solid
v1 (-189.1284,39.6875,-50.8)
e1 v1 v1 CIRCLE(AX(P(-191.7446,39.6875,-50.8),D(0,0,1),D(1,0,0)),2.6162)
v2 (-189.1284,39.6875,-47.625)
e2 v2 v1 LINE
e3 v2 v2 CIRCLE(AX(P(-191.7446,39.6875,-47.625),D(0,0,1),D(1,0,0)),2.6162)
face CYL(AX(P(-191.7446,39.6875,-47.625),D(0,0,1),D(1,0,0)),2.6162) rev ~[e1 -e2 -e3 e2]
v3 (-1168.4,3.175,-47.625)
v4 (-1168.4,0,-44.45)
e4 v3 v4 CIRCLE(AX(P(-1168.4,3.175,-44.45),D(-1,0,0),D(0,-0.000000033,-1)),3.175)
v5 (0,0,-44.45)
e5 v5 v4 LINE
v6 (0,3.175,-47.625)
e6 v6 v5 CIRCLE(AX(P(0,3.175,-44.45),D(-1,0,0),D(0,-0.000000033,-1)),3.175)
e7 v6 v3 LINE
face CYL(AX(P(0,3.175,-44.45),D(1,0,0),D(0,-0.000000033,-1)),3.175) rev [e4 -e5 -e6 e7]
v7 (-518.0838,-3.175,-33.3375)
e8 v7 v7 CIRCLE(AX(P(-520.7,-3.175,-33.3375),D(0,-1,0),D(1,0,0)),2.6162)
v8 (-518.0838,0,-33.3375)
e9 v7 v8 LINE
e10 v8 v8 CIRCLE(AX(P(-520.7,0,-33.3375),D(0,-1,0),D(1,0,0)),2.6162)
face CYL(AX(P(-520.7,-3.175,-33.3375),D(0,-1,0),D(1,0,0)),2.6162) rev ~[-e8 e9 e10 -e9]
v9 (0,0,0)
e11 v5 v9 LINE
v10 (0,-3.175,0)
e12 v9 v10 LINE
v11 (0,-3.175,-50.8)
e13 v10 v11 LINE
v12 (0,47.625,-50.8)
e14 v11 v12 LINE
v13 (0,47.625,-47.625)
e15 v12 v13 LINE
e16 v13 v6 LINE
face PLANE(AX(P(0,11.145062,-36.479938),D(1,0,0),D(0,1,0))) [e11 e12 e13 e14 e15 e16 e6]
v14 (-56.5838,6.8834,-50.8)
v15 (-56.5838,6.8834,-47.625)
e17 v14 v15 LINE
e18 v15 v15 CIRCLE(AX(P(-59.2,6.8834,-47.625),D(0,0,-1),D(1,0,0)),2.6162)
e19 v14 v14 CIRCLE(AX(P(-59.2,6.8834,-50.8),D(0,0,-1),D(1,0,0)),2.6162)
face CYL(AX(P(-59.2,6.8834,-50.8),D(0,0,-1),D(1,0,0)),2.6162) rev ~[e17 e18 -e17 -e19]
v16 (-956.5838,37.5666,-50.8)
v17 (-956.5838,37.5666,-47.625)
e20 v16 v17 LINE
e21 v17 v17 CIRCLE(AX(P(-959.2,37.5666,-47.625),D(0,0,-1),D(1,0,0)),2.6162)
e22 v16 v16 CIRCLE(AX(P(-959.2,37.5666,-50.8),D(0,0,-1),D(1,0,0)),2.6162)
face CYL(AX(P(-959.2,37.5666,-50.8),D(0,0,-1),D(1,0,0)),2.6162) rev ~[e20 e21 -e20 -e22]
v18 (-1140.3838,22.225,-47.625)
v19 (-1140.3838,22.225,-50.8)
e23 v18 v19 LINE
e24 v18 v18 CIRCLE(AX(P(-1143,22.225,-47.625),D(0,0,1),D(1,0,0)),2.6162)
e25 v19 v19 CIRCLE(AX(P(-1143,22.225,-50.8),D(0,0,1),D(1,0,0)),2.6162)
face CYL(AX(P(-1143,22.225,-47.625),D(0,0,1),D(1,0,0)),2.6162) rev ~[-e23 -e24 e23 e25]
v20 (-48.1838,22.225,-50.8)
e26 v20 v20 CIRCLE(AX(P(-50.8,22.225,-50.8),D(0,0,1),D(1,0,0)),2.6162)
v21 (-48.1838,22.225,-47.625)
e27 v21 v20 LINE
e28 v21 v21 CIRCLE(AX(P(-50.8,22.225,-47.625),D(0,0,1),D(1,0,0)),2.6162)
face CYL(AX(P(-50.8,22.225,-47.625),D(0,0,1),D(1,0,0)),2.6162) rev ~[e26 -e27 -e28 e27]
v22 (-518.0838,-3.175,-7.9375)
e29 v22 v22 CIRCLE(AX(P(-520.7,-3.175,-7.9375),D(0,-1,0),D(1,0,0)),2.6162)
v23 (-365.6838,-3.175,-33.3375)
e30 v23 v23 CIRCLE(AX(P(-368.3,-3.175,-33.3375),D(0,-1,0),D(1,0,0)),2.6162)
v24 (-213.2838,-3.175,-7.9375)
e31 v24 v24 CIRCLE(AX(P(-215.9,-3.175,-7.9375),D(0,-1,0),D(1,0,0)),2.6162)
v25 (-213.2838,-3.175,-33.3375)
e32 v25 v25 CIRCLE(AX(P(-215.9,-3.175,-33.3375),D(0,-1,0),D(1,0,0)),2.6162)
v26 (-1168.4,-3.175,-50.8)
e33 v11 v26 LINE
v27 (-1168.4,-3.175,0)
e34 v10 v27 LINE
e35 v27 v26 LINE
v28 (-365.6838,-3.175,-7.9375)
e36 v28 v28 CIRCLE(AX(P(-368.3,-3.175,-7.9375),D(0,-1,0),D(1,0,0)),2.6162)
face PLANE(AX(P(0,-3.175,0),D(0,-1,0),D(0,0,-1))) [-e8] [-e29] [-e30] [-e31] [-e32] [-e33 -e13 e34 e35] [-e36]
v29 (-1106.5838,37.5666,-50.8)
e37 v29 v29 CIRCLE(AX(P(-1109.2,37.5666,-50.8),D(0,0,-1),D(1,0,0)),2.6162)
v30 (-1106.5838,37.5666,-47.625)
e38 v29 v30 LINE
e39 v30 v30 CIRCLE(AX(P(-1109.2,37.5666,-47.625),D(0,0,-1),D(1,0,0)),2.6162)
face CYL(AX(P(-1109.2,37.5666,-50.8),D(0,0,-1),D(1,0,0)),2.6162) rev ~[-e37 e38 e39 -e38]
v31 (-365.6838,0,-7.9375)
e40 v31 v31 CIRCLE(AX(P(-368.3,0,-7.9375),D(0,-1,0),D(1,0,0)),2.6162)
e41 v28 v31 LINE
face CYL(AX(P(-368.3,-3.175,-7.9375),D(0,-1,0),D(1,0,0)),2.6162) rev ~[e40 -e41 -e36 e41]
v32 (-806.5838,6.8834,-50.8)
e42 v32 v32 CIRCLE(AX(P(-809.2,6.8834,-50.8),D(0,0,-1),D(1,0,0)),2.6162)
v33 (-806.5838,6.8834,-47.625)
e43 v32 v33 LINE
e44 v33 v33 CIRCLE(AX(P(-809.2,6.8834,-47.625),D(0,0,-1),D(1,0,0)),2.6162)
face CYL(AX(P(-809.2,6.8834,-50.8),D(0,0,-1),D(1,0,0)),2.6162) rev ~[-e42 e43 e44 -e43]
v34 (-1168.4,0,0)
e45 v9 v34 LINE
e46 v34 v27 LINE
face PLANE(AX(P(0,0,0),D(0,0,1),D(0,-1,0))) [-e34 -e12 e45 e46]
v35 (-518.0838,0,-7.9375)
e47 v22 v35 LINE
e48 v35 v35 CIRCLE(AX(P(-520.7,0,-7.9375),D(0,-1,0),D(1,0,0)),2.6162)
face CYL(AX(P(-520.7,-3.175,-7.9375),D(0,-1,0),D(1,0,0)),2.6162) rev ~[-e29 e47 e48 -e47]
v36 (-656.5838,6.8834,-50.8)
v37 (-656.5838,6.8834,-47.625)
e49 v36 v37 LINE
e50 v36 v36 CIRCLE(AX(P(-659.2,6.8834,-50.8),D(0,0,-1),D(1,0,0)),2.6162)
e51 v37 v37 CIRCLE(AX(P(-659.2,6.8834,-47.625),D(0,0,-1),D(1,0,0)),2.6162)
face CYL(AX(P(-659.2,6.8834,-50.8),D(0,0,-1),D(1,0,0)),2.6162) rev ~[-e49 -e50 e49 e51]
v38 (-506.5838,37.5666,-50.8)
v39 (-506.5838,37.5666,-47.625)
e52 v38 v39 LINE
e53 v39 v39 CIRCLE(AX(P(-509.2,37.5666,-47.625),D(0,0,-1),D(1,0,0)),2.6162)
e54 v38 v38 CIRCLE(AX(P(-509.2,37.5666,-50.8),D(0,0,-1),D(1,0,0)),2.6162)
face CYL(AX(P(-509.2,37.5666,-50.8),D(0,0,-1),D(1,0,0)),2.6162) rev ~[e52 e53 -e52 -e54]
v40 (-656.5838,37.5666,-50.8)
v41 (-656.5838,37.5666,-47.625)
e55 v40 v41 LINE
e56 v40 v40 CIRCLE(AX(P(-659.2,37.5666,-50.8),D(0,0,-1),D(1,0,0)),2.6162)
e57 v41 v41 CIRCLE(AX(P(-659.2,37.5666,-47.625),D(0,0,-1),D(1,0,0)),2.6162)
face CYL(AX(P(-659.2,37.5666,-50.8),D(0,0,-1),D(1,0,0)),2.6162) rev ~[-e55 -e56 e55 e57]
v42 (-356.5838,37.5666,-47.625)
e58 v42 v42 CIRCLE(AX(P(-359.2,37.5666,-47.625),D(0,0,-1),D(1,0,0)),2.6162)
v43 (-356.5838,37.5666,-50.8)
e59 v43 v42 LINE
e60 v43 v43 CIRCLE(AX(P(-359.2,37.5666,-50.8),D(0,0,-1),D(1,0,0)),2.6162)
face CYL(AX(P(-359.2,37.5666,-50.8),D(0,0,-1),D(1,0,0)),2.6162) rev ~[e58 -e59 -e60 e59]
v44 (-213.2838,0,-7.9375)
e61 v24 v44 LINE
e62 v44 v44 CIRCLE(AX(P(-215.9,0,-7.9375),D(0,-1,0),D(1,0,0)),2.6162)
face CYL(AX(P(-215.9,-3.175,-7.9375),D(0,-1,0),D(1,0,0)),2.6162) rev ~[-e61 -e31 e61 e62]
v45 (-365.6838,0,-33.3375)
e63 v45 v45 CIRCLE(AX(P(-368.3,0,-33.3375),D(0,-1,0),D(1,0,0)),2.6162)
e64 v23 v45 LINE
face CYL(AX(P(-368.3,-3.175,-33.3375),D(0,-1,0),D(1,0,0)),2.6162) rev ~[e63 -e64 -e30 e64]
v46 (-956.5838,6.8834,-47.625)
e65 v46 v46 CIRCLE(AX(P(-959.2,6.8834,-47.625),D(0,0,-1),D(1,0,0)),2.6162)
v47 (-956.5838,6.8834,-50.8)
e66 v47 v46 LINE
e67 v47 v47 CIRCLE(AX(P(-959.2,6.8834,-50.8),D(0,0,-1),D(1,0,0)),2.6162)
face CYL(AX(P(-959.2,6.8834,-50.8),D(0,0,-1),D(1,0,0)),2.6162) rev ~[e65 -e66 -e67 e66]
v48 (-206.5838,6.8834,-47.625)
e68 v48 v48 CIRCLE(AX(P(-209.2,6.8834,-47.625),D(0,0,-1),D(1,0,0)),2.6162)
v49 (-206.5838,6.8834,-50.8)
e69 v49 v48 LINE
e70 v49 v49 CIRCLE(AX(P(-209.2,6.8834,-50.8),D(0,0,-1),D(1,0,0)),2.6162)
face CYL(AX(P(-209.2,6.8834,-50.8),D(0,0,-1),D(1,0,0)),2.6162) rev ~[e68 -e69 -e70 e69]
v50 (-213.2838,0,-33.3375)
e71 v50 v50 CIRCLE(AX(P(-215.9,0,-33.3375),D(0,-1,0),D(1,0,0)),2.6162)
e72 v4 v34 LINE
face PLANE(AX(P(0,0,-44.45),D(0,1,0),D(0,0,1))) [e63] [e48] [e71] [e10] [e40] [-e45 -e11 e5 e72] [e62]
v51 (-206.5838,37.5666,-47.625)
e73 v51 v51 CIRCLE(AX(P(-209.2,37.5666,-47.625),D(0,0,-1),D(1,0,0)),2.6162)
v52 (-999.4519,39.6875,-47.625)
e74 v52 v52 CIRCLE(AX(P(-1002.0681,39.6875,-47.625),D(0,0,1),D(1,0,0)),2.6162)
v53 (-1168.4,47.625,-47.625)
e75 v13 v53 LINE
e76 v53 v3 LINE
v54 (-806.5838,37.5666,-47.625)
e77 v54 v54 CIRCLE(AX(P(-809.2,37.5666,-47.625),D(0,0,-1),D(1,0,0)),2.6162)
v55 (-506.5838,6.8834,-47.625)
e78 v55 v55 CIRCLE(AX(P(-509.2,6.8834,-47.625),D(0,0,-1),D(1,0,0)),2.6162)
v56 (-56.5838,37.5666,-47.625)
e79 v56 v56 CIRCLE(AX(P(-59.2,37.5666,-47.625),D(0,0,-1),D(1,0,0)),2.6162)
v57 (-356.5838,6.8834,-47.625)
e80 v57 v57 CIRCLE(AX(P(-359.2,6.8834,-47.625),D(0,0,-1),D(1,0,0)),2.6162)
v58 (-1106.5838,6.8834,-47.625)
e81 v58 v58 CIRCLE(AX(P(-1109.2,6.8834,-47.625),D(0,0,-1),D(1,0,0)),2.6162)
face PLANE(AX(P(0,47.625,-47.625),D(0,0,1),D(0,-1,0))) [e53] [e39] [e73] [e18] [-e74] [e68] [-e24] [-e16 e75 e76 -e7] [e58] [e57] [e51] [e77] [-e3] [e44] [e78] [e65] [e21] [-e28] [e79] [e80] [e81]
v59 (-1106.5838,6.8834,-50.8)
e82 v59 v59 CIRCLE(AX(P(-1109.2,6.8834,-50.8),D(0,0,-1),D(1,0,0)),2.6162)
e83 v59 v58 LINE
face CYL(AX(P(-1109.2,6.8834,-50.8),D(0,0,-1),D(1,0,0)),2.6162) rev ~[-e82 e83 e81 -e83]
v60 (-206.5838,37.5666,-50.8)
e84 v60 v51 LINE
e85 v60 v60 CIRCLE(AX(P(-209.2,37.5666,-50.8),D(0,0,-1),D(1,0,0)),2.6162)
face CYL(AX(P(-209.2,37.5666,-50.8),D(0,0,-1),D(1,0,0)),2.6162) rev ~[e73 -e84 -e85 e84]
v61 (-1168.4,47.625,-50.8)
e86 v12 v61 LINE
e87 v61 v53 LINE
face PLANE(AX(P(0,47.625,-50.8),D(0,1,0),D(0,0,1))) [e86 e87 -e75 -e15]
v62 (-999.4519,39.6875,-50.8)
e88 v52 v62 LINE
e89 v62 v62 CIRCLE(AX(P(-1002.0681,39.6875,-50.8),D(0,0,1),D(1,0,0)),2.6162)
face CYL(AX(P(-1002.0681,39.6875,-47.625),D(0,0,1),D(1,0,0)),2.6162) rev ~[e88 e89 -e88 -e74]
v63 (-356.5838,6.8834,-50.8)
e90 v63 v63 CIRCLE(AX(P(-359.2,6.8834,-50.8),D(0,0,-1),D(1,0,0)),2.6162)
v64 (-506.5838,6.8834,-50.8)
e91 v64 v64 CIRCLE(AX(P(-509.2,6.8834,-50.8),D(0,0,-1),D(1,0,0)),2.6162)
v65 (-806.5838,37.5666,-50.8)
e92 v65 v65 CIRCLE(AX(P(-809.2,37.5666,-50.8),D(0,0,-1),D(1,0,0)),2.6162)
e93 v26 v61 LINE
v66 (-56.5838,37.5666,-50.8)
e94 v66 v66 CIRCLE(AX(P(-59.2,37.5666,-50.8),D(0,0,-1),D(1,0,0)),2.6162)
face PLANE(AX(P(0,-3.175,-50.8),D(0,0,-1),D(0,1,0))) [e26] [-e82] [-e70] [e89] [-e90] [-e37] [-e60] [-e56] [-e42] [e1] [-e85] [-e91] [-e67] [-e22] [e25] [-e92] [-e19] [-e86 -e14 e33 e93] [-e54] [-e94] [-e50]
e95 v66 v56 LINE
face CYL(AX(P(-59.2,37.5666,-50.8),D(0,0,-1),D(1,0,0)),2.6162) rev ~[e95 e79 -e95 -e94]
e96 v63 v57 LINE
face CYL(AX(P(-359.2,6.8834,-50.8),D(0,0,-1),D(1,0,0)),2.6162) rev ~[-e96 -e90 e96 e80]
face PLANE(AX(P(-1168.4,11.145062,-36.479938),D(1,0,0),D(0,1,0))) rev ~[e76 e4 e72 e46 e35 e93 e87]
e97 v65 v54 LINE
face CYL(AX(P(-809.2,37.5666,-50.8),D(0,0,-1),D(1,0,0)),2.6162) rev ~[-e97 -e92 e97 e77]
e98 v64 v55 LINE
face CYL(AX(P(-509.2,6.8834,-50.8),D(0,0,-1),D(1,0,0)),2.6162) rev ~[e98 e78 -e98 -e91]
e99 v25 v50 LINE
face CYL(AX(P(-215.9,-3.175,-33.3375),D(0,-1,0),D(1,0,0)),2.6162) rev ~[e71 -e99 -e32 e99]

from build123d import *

# Parameters (mm, degrees)
F1_DEPTH = 1168.4
F2_R     = 2.6162
F3_DEPTH = 50.801
F4_R     = 2.6162
F5_DEPTH = 3.176
F6_R     = 2.6162
F7_DEPTH = 50.801


with BuildPart() as f1:
    # F0 (on Right) → F1 (new body)
    with BuildSketch(Plane.YZ):
        with BuildLine():
            Line((0, -44.45), (0, 0))
            Line((0, 0), (-3.175, 0))
            Line((-3.175, 0), (-3.175, -50.8))
            Line((-3.175, -50.8), (47.625, -50.8))
            Line((47.625, -50.8), (47.625, -47.625))
            Line((47.625, -47.625), (3.175, -47.625))
            ThreePointArc((3.175, -47.625), (0.929936, -46.695064), (0, -44.45))
        make_face()
    extrude(amount=-F1_DEPTH)

    # F2 (on face) → F3 (cut, through all)
    with BuildSketch(Plane(origin=(0, 0, -50.8), x_dir=(1, 0, 0), z_dir=(0, 0, -1))):
        with Locations((-1109.2, -6.8834)):
            Circle(F2_R)
        with Locations((-1109.2, -37.5666)):
            Circle(F2_R)
        with Locations((-959.2, -6.8834)):
            Circle(F2_R)
        with Locations((-959.2, -37.5666)):
            Circle(F2_R)
        with Locations((-809.2, -6.8834)):
            Circle(F2_R)
        with Locations((-809.2, -37.5666)):
            Circle(F2_R)
        with Locations((-659.2, -6.8834)):
            Circle(F2_R)
        with Locations((-659.2, -37.5666)):
            Circle(F2_R)
        with Locations((-509.2, -6.8834)):
            Circle(F2_R)
        with Locations((-509.2, -37.5666)):
            Circle(F2_R)
        with Locations((-359.2, -6.8834)):
            Circle(F2_R)
        with Locations((-359.2, -37.5666)):
            Circle(F2_R)
        with Locations((-209.2, -6.8834)):
            Circle(F2_R)
        with Locations((-209.2, -37.5666)):
            Circle(F2_R)
        with Locations((-59.2, -6.8834)):
            Circle(F2_R)
        with Locations((-59.2, -37.5666)):
            Circle(F2_R)
    extrude(amount=-F3_DEPTH, mode=Mode.SUBTRACT)

    # F4 (on face) → F5 (cut, through all)
    with BuildSketch(Plane.XY.offset(-47.625)):
        with Locations((-50.8, 22.225)):
            Circle(F4_R)
        with Locations((-1143, 22.225)):
            Circle(F4_R)
        with Locations((-1002.0681, 39.6875)):
            Circle(F4_R)
        with Locations((-191.7446, 39.6875)):
            Circle(F4_R)
    extrude(amount=-F5_DEPTH, mode=Mode.SUBTRACT)

    # F6 (on face) → F7 (cut, through all)
    with BuildSketch(Plane.XZ.offset(3.175)):
        with Locations((-368.3, -7.9375)):
            Circle(F6_R)
        with Locations((-215.9, -7.9375)):
            Circle(F6_R)
        with Locations((-520.7, -7.9375)):
            Circle(F6_R)
        with Locations((-520.7, -33.3375)):
            Circle(F6_R)
        with Locations((-368.3, -33.3375)):
            Circle(F6_R)
        with Locations((-215.9, -33.3375)):
            Circle(F6_R)
    extrude(amount=-F7_DEPTH, mode=Mode.SUBTRACT)


solid = f1.part
